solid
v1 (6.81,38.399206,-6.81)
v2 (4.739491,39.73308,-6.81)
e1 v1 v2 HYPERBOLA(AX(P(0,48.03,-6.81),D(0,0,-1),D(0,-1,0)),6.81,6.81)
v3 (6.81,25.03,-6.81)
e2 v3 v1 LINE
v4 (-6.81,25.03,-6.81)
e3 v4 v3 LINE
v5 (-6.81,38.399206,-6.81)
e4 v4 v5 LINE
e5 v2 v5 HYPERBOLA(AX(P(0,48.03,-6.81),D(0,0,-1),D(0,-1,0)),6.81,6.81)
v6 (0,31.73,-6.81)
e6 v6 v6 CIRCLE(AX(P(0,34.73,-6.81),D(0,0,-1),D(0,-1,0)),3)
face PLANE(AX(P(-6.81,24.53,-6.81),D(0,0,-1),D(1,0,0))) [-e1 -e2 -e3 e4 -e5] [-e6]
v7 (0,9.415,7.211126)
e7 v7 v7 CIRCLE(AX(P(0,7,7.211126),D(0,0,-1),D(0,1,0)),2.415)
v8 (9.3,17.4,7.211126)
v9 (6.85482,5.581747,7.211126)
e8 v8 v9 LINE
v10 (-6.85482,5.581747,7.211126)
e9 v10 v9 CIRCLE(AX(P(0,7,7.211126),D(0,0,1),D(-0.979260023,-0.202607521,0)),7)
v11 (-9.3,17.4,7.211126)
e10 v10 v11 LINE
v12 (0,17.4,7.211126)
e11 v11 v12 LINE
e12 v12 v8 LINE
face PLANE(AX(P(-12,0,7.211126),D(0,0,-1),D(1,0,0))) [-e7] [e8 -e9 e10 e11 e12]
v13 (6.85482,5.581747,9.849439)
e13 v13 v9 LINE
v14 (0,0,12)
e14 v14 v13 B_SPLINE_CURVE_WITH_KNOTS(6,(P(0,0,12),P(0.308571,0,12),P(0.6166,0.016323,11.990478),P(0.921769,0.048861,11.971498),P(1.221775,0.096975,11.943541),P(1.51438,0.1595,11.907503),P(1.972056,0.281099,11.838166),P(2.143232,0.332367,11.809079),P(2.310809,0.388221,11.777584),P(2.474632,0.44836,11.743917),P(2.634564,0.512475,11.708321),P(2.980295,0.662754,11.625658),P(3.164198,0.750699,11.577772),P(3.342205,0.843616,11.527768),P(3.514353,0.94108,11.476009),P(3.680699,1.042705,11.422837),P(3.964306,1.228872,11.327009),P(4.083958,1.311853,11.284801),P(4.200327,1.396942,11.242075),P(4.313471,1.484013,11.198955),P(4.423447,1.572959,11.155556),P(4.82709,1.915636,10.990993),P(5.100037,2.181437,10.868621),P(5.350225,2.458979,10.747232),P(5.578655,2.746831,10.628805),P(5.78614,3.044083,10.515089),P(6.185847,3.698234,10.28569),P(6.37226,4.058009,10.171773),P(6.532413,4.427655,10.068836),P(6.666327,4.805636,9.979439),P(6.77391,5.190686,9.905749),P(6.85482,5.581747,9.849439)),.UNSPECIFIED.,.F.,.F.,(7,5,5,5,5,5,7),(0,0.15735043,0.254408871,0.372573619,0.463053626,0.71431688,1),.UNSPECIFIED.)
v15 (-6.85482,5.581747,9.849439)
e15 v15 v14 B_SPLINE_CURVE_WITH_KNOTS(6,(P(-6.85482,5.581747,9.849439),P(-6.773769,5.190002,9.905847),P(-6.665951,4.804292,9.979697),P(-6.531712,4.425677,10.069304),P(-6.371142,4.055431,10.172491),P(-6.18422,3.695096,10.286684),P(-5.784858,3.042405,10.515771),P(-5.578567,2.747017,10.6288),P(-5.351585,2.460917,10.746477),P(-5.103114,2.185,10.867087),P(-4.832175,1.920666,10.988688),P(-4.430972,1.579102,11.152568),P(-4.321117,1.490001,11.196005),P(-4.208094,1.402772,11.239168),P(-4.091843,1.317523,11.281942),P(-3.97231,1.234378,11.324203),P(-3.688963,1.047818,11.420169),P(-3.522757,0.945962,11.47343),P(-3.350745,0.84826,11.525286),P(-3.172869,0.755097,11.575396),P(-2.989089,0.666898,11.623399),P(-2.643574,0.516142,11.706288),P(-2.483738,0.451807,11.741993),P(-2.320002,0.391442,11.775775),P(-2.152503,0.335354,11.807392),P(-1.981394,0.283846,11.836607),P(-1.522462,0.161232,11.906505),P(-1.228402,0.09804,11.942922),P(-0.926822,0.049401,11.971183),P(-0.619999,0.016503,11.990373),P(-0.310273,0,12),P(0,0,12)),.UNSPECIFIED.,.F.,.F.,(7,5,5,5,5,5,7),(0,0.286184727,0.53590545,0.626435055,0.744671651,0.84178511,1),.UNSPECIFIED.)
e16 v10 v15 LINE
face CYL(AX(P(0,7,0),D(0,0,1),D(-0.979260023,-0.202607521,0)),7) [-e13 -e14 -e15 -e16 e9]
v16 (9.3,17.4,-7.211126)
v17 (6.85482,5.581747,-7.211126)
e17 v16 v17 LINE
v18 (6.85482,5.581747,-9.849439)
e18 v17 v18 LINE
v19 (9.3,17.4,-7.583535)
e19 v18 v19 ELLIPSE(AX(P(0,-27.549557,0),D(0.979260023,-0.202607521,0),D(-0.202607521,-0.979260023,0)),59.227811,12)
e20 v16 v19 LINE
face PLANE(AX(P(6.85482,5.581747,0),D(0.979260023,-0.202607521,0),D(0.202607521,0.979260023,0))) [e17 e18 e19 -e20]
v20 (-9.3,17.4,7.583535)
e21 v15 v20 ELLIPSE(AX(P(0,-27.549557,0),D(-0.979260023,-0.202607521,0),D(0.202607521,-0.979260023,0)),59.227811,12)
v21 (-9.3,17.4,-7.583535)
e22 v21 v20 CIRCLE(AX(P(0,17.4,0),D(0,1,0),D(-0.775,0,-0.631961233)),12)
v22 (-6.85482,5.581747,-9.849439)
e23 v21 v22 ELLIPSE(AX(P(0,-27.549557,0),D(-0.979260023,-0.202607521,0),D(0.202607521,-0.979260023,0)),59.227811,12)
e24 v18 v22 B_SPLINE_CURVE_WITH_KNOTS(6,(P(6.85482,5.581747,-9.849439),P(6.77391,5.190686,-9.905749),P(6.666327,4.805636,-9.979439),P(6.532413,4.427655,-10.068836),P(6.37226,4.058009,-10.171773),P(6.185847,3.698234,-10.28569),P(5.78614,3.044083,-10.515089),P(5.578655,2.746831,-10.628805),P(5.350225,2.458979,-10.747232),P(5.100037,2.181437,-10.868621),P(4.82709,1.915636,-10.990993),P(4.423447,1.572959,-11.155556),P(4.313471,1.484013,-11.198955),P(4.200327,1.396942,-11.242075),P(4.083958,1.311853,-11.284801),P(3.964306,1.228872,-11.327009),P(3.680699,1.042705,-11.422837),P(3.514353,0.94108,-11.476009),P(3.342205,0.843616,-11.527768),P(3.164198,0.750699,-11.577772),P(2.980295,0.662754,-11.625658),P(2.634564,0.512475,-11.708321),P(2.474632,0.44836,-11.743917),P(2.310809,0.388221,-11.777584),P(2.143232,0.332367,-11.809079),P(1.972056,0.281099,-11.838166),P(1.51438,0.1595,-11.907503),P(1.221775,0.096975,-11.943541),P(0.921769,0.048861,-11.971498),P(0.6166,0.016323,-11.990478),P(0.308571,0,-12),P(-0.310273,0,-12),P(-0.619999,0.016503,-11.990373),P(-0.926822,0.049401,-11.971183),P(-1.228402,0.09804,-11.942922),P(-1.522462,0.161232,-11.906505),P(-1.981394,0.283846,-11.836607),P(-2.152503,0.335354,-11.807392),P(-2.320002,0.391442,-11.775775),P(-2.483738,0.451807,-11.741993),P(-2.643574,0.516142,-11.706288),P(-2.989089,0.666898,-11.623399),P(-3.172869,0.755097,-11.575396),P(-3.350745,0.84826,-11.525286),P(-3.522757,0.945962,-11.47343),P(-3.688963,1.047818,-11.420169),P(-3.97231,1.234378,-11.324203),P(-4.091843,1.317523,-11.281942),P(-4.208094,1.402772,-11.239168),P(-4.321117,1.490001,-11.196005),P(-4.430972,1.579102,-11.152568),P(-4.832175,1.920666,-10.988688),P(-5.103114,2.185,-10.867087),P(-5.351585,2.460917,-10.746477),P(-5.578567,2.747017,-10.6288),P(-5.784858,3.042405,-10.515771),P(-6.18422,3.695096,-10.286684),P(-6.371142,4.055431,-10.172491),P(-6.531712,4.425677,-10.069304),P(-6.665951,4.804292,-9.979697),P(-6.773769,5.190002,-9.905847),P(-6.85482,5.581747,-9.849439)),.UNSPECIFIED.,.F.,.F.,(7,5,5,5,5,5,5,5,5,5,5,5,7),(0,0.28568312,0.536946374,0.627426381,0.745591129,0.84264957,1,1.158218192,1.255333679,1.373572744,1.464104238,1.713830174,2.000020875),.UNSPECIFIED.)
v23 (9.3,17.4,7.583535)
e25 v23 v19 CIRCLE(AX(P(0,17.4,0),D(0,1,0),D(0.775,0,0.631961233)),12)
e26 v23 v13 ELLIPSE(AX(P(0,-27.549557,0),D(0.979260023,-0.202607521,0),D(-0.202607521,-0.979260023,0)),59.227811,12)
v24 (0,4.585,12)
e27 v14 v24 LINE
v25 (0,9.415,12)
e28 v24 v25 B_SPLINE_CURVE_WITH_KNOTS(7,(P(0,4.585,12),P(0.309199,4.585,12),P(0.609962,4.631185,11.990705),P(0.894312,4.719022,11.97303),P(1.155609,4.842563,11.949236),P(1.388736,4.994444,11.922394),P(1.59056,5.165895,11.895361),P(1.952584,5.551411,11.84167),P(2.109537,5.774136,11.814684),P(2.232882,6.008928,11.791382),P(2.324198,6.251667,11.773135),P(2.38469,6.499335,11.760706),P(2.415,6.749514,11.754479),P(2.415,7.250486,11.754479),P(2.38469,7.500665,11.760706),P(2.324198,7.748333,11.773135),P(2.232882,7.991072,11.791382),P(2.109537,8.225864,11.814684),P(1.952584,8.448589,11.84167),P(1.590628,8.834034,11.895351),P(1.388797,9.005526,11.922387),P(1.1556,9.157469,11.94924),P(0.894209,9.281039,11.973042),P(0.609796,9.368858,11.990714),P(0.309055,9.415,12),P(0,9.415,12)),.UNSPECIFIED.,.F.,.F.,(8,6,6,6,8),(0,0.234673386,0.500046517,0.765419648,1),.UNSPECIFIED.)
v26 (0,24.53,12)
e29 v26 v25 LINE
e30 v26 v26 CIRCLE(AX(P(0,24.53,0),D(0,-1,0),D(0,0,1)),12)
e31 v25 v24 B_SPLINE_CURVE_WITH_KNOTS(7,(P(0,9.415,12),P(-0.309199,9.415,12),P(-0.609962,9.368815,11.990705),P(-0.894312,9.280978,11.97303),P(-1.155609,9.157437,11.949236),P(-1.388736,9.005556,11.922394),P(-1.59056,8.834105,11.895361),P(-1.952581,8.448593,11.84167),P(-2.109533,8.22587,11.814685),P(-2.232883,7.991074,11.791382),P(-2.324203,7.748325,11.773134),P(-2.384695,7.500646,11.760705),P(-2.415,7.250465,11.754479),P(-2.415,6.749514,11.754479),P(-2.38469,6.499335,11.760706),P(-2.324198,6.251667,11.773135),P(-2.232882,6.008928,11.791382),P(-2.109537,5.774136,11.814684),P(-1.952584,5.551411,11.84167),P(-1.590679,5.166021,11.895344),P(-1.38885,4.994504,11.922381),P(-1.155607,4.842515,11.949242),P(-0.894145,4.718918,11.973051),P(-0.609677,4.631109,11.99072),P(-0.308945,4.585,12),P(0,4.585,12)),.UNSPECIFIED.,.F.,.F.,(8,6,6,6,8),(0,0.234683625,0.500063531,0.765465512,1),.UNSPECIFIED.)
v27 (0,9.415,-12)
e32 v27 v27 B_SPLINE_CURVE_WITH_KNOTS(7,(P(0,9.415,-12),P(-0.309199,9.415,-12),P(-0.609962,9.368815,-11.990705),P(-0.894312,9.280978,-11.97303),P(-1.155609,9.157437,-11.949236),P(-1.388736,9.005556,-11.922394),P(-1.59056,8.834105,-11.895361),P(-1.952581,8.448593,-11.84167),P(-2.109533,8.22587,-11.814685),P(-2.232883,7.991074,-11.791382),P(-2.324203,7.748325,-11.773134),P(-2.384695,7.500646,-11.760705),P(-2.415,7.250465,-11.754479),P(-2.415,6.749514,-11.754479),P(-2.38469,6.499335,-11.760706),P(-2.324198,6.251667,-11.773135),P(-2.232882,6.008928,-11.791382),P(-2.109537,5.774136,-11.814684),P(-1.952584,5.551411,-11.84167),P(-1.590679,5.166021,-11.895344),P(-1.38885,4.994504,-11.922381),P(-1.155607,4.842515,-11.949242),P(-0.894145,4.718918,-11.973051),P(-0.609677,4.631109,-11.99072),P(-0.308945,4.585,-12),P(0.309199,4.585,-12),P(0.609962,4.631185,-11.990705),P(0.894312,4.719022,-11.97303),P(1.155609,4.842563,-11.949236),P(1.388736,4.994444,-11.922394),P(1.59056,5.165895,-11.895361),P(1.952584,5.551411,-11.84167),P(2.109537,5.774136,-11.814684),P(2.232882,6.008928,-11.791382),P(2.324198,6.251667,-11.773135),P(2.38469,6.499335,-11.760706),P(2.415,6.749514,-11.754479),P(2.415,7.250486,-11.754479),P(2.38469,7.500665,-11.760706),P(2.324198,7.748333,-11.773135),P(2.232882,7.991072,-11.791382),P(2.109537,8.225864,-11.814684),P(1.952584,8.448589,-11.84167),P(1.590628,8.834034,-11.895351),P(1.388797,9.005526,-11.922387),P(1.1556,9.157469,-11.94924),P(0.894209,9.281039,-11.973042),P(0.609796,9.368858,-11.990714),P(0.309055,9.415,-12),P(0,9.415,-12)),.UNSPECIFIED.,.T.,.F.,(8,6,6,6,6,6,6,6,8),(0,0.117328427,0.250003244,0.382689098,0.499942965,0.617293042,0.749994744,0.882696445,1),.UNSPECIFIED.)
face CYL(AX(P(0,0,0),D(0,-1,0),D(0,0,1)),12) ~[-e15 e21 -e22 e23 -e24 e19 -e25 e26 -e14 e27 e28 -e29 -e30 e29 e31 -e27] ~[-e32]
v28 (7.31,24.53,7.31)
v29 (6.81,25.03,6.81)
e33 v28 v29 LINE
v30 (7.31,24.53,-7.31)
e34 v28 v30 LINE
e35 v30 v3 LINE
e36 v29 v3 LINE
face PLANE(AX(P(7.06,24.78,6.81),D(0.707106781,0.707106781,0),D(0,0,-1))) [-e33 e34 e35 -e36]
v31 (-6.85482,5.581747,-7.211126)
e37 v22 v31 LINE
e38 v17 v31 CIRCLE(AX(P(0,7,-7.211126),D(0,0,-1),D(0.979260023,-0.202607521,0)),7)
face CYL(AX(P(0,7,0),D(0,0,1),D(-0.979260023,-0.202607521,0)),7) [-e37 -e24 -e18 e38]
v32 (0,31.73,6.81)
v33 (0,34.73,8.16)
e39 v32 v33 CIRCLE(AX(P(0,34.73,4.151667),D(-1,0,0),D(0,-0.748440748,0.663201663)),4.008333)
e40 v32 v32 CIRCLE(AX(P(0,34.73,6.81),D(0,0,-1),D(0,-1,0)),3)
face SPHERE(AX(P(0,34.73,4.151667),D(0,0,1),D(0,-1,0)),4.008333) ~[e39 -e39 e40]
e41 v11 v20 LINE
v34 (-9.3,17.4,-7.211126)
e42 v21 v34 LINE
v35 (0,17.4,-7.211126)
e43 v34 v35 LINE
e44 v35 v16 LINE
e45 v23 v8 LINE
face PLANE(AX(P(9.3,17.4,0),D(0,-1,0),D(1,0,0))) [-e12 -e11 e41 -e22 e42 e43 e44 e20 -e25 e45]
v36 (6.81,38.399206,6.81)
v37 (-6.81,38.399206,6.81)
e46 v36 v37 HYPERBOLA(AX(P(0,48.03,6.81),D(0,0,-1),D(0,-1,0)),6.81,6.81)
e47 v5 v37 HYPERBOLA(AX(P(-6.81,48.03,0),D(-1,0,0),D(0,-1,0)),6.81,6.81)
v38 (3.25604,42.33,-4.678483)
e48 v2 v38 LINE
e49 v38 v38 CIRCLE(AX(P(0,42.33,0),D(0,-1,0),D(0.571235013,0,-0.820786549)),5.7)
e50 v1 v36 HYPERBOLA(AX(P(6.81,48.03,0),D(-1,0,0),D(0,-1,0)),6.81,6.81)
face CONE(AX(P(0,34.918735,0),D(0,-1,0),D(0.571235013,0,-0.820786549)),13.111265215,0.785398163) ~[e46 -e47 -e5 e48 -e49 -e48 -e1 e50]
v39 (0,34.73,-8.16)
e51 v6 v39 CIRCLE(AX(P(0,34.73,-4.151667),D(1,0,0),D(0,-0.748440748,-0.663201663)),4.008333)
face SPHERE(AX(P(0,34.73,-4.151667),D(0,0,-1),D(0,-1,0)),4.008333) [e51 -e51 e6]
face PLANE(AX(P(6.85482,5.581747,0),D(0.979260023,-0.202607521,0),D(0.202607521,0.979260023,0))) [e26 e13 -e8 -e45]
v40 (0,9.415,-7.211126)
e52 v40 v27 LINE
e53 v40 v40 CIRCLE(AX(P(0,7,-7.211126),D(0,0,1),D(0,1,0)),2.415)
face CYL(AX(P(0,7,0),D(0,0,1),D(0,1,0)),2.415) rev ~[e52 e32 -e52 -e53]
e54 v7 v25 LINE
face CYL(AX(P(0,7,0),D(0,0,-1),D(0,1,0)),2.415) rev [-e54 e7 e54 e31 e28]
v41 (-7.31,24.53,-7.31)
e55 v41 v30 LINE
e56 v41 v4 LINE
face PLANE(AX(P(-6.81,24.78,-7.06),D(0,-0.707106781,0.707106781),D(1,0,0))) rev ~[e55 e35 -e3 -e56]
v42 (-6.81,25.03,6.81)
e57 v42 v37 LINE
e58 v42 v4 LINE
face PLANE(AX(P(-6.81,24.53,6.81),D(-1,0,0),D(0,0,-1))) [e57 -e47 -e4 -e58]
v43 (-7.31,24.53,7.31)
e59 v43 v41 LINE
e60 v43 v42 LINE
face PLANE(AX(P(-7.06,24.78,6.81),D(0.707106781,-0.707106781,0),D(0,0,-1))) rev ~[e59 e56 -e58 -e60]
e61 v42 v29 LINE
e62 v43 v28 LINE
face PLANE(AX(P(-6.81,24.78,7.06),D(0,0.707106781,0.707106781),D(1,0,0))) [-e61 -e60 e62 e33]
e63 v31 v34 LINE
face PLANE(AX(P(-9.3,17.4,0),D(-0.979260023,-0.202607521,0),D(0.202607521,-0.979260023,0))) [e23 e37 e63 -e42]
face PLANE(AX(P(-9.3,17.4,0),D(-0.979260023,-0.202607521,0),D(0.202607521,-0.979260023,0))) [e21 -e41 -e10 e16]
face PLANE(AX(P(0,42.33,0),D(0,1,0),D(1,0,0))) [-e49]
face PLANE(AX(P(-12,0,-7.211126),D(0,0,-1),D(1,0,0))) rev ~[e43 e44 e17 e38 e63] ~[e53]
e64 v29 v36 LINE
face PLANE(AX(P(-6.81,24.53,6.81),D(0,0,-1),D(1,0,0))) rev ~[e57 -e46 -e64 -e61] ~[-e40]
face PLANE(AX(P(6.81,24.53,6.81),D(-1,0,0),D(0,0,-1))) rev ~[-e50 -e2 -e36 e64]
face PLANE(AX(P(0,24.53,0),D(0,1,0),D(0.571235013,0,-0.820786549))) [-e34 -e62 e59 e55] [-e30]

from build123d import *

# Parameters (mm, degrees)
SKETCH1_R           = 12
BOSS_EXTRUDE1_DEPTH = 33.53
CUT_EXTRUDE1_DEPTH  = 19.6
CHAMFER1_SIZE       = 0.4
SKETCH3_R           = 9.375
CUT_EXTRUDE2_DEPTH  = 3.4
CUT_EXTRUDE2_DRAFT  = -35
SKETCH4_W           = 24
SKETCH4_H           = 14.42225279
CUT_EXTRUDE3_DEPTH  = 17.4
SKETCH5_R           = 2.415
CUT_EXTRUDE4_DEPTH  = 33.7
CUT_EXTRUDE5_START  = -9
SKETCH6_R           = 12
CUT_EXTRUDE5_DEPTH  = 9
BOSS_EXTRUDE2_START = -7.13
SKETCH7_R           = 12
BOSS_EXTRUDE2_DEPTH = 7.13
SKETCH8_W           = 13.62
SKETCH8_H           = 13.62
BOSS_EXTRUDE3_DEPTH = 17.8
CHAMFER2_SIZE       = 0.5


with BuildPart() as part:
    # Sketch1 → Boss-Extrude1 (new body)
    with BuildSketch(Plane(origin=(0, 0, 0), x_dir=(1, 0, 0), z_dir=(0, 1, 0))):
        with Locations(Location((0, 0, 0), (0, 0, 270))):
            Circle(SKETCH1_R)
    extrude(amount=BOSS_EXTRUDE1_DEPTH)

    # Sketch2 → Cut-Extrude1 (cut)
    with BuildSketch(Plane(origin=(0, 33.53, 0), x_dir=(1, 0, 0), z_dir=(0, 1, 0))):
        with BuildLine():
            Line((-6.5, 6.5), (-2.5, 6.5))
            ThreePointArc((-2.5, 6.5), (0, 7.211126395), (2.5, 6.5))
            Line((2.5, 6.5), (6.5, 6.5))
            Line((6.5, 6.5), (6.5, 2.5))
            ThreePointArc((6.5, 2.5), (7.211126395, 0), (6.5, -2.5))
            Line((6.5, -2.5), (6.5, -6.5))
            Line((6.5, -6.5), (2.5, -6.5))
            ThreePointArc((2.5, -6.5), (0, -7.211126395), (-2.5, -6.5))
            Line((-2.5, -6.5), (-6.5, -6.5))
            Line((-6.5, -6.5), (-6.5, -2.5))
            ThreePointArc((-6.5, -2.5), (-7.211126395, 0), (-6.5, 2.5))
            Line((-6.5, 2.5), (-6.5, 6.5))
        make_face()
    extrude(amount=-CUT_EXTRUDE1_DEPTH, mode=Mode.SUBTRACT)

    # Chamfer1
    chamfer1_edges = [part.edges().sort_by_distance(p)[0] for p in [
        (-6.5, 23.73, -6.5),
        (6.5, 23.73, -6.5),
        (6.5, 23.73, 6.5),
        (-6.5, 23.73, 6.5),
    ]]
    chamfer(chamfer1_edges, length=CHAMFER1_SIZE)


with BuildPart() as cut_extrude2_tool:
    # Sketch3 → Cut-Extrude2 (with draft: the straight prism first)
    with BuildSketch(Plane(origin=(0, 33.53, 0), x_dir=(1, 0, 0), z_dir=(0, 1, 0))):
        Circle(SKETCH3_R)
    extrude(amount=-CUT_EXTRUDE2_DEPTH)
    # Cut-Extrude2: the draft: its side faces are tilted about the plane it starts from
    cut_extrude2_sides = [cut_extrude2_tool.faces().sort_by_distance(p)[0] for p in [
        (-9.375, 31.83, 0),
    ]]
    draft(cut_extrude2_sides, Plane(origin=(0, 33.53, 0), x_dir=(1, 0, 0), z_dir=(0, 1, 0)), CUT_EXTRUDE2_DRAFT)


with BuildPart() as part_1:
    add(part.part)

    # Cut-Extrude2: cut by cut_extrude2_tool
    add(cut_extrude2_tool.part, mode=Mode.SUBTRACT)

    # Sketch4 → Cut-Extrude3 (cut)
    with BuildSketch(Plane.XZ):
        Rectangle(SKETCH4_W, SKETCH4_H)
    extrude(amount=-CUT_EXTRUDE3_DEPTH, mode=Mode.SUBTRACT)

    # Sketch5 → Cut-Extrude4 (cut, symmetric)
    with BuildSketch(Plane.XY):
        with Locations(Location((0, 7, 0), (0, 0, 90))):
            Circle(SKETCH5_R)
        with BuildLine():
            ThreePointArc((-6.854820161, 5.581747356), (0, 0), (6.854820161, 5.581747356))
            Line((6.854820161, 5.581747356), (9.3, 17.4))
            Line((9.3, 17.4), (12, 17.4))
            Line((12, 17.4), (12, -3.192277431))
            Line((12, -3.192277431), (-12, -3.192277431))
            Line((-12, -3.192277431), (-12, 17.4))
            Line((-12, 17.4), (-9.3, 17.4))
            Line((-9.3, 17.4), (-6.854820161, 5.581747356))
        make_face()
    extrude(amount=CUT_EXTRUDE4_DEPTH, both=True, mode=Mode.SUBTRACT)

    # Sketch6 → Cut-Extrude5 (cut)
    with BuildSketch(Plane(origin=(0, 33.53, 0), x_dir=(1, 0, 0), z_dir=(0, 1, 0)).offset(CUT_EXTRUDE5_START)):
        with Locations(Location((0, 0, 0), (0, 0, 55.16360803))):
            Circle(SKETCH6_R)
    extrude(amount=CUT_EXTRUDE5_DEPTH, mode=Mode.SUBTRACT)

    # Sketch7 → Boss-Extrude2 (add)
    with BuildSketch(Plane(origin=(0, 24.53, 0), x_dir=(1, 0, 0), z_dir=(0, 1, 0)).offset(BOSS_EXTRUDE2_START)):
        with Locations(Location((0, 0, 0), (0, 0, 55.16360803))):
            Circle(SKETCH7_R)
    extrude(amount=BOSS_EXTRUDE2_DEPTH)

    # Sketch8 → Boss-Extrude3 (add)
    with BuildSketch(Plane(origin=(0, 24.53, 0), x_dir=(1, 0, 0), z_dir=(0, 1, 0))):
        Rectangle(SKETCH8_W, SKETCH8_H)
    extrude(amount=BOSS_EXTRUDE3_DEPTH)

    # Sketch9 → Cut-Revolve1 (revolve, cut)
    with BuildSketch(Plane.XY, mode=Mode.PRIVATE) as cut_revolve1_sk:
        Polygon((5.7, 42.33), (13.111265215, 42.33), (13.111265215, 34.918734785), align=None)
    revolve(cut_revolve1_sk.sketch.rotate(Axis((0, 44.4465, 0), (0, -1, 0)), 304.83639197), axis=Axis((0, 44.4465, 0), (0, -1, 0)), mode=Mode.SUBTRACT)

    # Chamfer2
    chamfer2_edges = [part_1.edges().sort_by_distance(p)[0] for p in [
        (6.81, 24.53, 0),
        (0, 24.53, -6.81),
        (-6.81, 24.53, 0),
        (0, 24.53, 6.81),
    ]]
    chamfer(chamfer2_edges, length=CHAMFER2_SIZE)

    # Sketch10 → Revolve1 (revolve)
    with BuildSketch(Plane(origin=(0, 0, 0), x_dir=(0, 0, -1), z_dir=(1, 0, 0))):
        with BuildLine():
            Line((6.81, 34.73), (6.81, 31.73))
            ThreePointArc((6.81, 31.73), (7.806952033, 33.085121585), (8.16, 34.73))
            Line((8.16, 34.73), (6.81, 34.73))
        make_face()
    revolve1 = revolve(axis=Axis((0, 34.73, -6.81), (0, 0, -1)))

    # Mirror1: Revolve1 across plane
    add(revolve1.mirror(Plane.XY))


solid = part_1.part
